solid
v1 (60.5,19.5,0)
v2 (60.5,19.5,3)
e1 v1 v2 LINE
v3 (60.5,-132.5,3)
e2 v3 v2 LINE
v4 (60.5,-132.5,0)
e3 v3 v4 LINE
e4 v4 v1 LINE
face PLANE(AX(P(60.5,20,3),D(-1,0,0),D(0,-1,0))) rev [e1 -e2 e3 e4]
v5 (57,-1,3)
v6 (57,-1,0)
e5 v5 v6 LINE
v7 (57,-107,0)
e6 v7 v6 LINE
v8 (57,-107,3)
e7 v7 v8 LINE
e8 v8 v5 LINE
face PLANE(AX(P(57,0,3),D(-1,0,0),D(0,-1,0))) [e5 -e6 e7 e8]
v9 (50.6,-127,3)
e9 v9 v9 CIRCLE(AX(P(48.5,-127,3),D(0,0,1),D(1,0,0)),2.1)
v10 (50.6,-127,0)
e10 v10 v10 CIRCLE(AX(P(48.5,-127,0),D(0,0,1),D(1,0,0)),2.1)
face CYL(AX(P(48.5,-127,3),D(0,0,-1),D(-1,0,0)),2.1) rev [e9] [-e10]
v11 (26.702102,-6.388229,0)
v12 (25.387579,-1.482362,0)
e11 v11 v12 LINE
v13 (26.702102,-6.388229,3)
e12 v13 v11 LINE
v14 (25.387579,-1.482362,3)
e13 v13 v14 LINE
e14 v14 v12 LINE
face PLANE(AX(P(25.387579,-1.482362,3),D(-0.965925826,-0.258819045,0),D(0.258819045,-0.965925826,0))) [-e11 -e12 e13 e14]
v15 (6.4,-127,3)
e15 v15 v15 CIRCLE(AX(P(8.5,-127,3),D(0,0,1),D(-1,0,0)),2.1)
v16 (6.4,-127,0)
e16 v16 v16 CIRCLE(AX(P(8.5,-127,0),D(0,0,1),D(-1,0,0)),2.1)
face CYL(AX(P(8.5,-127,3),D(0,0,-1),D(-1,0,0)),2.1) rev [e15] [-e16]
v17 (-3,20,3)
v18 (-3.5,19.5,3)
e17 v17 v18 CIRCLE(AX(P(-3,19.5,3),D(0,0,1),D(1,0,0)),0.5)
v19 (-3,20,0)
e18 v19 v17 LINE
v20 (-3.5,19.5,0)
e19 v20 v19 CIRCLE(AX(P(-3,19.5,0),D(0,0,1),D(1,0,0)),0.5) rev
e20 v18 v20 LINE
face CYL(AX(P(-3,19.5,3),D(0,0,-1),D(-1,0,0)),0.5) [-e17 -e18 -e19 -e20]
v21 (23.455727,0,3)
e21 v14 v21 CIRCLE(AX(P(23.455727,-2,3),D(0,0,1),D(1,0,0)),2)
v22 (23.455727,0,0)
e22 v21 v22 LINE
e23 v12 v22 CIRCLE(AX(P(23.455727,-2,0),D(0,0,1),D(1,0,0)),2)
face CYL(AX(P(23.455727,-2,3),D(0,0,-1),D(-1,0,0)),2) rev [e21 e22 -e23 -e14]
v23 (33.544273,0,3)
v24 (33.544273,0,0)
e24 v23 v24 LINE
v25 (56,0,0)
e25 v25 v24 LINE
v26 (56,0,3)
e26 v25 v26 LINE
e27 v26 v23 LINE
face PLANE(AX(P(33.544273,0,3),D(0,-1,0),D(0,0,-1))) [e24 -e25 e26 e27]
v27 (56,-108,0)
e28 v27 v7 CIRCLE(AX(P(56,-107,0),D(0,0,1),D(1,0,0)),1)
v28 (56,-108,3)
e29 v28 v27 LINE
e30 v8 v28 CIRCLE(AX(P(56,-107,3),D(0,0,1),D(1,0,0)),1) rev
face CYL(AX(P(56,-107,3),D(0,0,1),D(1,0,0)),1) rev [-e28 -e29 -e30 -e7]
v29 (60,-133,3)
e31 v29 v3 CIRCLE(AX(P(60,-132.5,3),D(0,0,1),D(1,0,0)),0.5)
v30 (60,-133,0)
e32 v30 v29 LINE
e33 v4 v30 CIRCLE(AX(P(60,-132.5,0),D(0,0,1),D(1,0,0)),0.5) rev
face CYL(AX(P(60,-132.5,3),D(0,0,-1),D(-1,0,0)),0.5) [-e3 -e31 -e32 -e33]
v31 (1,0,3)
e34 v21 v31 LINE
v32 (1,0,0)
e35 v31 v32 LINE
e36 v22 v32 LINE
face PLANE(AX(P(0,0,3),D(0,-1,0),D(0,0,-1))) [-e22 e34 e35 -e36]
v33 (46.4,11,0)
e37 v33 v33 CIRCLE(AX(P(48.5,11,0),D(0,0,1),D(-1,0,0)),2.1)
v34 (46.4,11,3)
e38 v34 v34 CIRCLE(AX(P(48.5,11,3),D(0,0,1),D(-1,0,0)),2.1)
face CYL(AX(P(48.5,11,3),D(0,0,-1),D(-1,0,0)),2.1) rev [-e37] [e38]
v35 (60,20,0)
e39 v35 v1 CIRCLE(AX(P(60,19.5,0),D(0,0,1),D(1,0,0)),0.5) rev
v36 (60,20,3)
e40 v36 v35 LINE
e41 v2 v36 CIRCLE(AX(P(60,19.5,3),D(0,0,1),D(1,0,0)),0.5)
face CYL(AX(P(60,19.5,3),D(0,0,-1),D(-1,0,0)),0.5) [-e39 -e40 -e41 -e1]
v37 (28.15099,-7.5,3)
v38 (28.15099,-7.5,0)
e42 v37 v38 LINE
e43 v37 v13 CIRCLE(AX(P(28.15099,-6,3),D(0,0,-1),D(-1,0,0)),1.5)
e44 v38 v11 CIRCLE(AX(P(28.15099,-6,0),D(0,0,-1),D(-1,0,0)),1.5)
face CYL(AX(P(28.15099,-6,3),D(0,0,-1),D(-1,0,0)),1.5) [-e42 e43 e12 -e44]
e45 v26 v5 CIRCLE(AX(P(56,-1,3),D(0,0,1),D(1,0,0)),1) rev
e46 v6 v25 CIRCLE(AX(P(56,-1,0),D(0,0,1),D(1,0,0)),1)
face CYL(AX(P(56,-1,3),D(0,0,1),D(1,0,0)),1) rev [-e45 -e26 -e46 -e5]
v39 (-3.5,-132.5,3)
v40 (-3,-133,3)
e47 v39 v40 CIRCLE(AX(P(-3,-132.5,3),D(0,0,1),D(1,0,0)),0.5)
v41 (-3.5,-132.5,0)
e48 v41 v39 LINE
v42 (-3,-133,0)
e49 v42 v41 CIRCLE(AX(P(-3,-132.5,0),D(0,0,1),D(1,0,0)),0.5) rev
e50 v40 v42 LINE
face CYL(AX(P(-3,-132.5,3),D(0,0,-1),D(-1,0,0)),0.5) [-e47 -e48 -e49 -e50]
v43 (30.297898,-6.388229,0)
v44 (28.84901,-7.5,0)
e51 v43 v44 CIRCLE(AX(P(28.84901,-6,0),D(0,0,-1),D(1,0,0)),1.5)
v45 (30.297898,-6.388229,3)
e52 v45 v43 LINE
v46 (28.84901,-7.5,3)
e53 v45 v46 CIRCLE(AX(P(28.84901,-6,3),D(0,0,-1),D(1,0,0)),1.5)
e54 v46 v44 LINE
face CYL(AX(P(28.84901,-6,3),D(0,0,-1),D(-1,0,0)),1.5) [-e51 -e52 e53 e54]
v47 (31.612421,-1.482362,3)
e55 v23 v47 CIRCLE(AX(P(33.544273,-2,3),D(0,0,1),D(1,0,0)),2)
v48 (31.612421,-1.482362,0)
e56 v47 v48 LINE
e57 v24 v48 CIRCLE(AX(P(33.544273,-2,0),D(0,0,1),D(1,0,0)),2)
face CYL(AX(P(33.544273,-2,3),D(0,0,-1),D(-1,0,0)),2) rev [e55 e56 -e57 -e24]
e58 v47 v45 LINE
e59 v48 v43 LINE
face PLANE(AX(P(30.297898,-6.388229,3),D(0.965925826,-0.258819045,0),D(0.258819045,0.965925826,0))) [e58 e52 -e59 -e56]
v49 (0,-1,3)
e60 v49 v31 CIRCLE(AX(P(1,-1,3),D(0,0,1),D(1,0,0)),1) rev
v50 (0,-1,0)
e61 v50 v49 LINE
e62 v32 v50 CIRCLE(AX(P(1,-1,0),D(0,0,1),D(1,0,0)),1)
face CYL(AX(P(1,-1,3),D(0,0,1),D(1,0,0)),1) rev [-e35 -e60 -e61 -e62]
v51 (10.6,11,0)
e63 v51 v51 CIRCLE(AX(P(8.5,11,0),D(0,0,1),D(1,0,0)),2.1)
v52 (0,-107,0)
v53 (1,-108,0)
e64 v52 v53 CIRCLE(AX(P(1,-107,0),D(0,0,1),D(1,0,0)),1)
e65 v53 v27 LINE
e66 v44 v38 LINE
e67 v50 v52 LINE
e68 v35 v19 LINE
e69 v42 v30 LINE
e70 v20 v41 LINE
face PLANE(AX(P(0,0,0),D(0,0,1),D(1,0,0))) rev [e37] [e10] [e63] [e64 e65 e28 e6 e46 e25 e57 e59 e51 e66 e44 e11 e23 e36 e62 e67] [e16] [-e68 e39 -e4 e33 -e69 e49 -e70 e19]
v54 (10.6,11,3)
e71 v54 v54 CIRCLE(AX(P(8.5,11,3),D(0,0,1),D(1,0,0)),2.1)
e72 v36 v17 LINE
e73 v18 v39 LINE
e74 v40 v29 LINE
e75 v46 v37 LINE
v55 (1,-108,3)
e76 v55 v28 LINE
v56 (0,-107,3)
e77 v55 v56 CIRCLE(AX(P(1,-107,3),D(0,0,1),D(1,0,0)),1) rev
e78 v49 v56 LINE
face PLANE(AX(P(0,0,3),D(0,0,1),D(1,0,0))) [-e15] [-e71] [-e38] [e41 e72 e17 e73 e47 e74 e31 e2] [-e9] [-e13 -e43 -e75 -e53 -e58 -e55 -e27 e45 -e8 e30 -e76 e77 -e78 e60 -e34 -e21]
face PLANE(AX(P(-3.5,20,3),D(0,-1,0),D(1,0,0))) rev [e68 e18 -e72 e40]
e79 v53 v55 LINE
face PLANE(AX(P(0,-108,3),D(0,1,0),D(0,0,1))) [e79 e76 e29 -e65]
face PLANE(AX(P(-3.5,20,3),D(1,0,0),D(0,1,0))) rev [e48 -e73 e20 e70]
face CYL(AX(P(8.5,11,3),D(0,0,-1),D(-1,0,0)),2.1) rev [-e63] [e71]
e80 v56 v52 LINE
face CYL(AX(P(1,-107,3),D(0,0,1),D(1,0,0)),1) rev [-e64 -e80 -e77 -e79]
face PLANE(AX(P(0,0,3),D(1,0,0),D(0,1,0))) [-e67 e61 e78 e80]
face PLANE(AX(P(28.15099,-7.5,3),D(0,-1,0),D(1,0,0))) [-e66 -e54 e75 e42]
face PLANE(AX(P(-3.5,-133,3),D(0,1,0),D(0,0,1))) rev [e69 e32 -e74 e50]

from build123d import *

# Parameters (mm, degrees)
SKETCH1_W           = 64
SKETCH1_H           = 153
SKETCH1_R           = 2.1
BOSS_EXTRUDE1_DEPTH = 3
FILLET2_R           = 0.5
FILLET3_R           = 1


with BuildPart() as part:
    # Sketch1 → Boss-Extrude1 (new body)
    with BuildSketch(Plane.XY):
        with Locations((28.5, -56.5)):
            Rectangle(SKETCH1_W, SKETCH1_H)
        with Locations((8.5, 11)):
            Circle(SKETCH1_R, mode=Mode.SUBTRACT)
        with Locations(Location((48.5, 11, 0), (0, 0, 180))):
            Circle(SKETCH1_R, mode=Mode.SUBTRACT)
        with Locations((48.5, -127)):
            Circle(SKETCH1_R, mode=Mode.SUBTRACT)
        with Locations(Location((8.5, -127, 0), (0, 0, 180))):
            Circle(SKETCH1_R, mode=Mode.SUBTRACT)
        with BuildLine():
            Line((0, 0), (23.455727081, 0))
            ThreePointArc((23.455727081, 0), (24.673249939, -0.413293319), (25.387578733, -1.48236191))
            Line((25.387578733, -1.48236191), (26.702101743, -6.388228568))
            ThreePointArc((26.702101743, -6.388228568), (27.237848338, -7.19003001), (28.150990482, -7.5))
            Line((28.150990482, -7.5), (28.849009518, -7.5))
            ThreePointArc((28.849009518, -7.5), (29.762151662, -7.19003001), (30.297898257, -6.388228568))
            Line((30.297898257, -6.388228568), (31.612421267, -1.48236191))
            ThreePointArc((31.612421267, -1.48236191), (32.326750061, -0.413293319), (33.544272919, 0))
            Line((33.544272919, 0), (57, 0))
            Line((57, 0), (57, -108))
            Line((57, -108), (0, -108))
            Line((0, -108), (0, 0))
        make_face(mode=Mode.SUBTRACT)
    extrude(amount=BOSS_EXTRUDE1_DEPTH)

    # Fillet2
    fillet2_edges = [part.edges().sort_by_distance(p)[0] for p in [
        (-3.5, 20, 1.5),
        (60.5, 20, 1.5),
        (60.5, -133, 1.5),
        (-3.5, -133, 1.5),
    ]]
    fillet(fillet2_edges, radius=FILLET2_R)

    # Fillet3
    fillet3_edges = [part.edges().sort_by_distance(p)[0] for p in [
        (0, 0, 1.5),
        (0, -108, 1.5),
        (57, -108, 1.5),
        (57, 0, 1.5),
    ]]
    fillet(fillet3_edges, radius=FILLET3_R)


solid = part.part
